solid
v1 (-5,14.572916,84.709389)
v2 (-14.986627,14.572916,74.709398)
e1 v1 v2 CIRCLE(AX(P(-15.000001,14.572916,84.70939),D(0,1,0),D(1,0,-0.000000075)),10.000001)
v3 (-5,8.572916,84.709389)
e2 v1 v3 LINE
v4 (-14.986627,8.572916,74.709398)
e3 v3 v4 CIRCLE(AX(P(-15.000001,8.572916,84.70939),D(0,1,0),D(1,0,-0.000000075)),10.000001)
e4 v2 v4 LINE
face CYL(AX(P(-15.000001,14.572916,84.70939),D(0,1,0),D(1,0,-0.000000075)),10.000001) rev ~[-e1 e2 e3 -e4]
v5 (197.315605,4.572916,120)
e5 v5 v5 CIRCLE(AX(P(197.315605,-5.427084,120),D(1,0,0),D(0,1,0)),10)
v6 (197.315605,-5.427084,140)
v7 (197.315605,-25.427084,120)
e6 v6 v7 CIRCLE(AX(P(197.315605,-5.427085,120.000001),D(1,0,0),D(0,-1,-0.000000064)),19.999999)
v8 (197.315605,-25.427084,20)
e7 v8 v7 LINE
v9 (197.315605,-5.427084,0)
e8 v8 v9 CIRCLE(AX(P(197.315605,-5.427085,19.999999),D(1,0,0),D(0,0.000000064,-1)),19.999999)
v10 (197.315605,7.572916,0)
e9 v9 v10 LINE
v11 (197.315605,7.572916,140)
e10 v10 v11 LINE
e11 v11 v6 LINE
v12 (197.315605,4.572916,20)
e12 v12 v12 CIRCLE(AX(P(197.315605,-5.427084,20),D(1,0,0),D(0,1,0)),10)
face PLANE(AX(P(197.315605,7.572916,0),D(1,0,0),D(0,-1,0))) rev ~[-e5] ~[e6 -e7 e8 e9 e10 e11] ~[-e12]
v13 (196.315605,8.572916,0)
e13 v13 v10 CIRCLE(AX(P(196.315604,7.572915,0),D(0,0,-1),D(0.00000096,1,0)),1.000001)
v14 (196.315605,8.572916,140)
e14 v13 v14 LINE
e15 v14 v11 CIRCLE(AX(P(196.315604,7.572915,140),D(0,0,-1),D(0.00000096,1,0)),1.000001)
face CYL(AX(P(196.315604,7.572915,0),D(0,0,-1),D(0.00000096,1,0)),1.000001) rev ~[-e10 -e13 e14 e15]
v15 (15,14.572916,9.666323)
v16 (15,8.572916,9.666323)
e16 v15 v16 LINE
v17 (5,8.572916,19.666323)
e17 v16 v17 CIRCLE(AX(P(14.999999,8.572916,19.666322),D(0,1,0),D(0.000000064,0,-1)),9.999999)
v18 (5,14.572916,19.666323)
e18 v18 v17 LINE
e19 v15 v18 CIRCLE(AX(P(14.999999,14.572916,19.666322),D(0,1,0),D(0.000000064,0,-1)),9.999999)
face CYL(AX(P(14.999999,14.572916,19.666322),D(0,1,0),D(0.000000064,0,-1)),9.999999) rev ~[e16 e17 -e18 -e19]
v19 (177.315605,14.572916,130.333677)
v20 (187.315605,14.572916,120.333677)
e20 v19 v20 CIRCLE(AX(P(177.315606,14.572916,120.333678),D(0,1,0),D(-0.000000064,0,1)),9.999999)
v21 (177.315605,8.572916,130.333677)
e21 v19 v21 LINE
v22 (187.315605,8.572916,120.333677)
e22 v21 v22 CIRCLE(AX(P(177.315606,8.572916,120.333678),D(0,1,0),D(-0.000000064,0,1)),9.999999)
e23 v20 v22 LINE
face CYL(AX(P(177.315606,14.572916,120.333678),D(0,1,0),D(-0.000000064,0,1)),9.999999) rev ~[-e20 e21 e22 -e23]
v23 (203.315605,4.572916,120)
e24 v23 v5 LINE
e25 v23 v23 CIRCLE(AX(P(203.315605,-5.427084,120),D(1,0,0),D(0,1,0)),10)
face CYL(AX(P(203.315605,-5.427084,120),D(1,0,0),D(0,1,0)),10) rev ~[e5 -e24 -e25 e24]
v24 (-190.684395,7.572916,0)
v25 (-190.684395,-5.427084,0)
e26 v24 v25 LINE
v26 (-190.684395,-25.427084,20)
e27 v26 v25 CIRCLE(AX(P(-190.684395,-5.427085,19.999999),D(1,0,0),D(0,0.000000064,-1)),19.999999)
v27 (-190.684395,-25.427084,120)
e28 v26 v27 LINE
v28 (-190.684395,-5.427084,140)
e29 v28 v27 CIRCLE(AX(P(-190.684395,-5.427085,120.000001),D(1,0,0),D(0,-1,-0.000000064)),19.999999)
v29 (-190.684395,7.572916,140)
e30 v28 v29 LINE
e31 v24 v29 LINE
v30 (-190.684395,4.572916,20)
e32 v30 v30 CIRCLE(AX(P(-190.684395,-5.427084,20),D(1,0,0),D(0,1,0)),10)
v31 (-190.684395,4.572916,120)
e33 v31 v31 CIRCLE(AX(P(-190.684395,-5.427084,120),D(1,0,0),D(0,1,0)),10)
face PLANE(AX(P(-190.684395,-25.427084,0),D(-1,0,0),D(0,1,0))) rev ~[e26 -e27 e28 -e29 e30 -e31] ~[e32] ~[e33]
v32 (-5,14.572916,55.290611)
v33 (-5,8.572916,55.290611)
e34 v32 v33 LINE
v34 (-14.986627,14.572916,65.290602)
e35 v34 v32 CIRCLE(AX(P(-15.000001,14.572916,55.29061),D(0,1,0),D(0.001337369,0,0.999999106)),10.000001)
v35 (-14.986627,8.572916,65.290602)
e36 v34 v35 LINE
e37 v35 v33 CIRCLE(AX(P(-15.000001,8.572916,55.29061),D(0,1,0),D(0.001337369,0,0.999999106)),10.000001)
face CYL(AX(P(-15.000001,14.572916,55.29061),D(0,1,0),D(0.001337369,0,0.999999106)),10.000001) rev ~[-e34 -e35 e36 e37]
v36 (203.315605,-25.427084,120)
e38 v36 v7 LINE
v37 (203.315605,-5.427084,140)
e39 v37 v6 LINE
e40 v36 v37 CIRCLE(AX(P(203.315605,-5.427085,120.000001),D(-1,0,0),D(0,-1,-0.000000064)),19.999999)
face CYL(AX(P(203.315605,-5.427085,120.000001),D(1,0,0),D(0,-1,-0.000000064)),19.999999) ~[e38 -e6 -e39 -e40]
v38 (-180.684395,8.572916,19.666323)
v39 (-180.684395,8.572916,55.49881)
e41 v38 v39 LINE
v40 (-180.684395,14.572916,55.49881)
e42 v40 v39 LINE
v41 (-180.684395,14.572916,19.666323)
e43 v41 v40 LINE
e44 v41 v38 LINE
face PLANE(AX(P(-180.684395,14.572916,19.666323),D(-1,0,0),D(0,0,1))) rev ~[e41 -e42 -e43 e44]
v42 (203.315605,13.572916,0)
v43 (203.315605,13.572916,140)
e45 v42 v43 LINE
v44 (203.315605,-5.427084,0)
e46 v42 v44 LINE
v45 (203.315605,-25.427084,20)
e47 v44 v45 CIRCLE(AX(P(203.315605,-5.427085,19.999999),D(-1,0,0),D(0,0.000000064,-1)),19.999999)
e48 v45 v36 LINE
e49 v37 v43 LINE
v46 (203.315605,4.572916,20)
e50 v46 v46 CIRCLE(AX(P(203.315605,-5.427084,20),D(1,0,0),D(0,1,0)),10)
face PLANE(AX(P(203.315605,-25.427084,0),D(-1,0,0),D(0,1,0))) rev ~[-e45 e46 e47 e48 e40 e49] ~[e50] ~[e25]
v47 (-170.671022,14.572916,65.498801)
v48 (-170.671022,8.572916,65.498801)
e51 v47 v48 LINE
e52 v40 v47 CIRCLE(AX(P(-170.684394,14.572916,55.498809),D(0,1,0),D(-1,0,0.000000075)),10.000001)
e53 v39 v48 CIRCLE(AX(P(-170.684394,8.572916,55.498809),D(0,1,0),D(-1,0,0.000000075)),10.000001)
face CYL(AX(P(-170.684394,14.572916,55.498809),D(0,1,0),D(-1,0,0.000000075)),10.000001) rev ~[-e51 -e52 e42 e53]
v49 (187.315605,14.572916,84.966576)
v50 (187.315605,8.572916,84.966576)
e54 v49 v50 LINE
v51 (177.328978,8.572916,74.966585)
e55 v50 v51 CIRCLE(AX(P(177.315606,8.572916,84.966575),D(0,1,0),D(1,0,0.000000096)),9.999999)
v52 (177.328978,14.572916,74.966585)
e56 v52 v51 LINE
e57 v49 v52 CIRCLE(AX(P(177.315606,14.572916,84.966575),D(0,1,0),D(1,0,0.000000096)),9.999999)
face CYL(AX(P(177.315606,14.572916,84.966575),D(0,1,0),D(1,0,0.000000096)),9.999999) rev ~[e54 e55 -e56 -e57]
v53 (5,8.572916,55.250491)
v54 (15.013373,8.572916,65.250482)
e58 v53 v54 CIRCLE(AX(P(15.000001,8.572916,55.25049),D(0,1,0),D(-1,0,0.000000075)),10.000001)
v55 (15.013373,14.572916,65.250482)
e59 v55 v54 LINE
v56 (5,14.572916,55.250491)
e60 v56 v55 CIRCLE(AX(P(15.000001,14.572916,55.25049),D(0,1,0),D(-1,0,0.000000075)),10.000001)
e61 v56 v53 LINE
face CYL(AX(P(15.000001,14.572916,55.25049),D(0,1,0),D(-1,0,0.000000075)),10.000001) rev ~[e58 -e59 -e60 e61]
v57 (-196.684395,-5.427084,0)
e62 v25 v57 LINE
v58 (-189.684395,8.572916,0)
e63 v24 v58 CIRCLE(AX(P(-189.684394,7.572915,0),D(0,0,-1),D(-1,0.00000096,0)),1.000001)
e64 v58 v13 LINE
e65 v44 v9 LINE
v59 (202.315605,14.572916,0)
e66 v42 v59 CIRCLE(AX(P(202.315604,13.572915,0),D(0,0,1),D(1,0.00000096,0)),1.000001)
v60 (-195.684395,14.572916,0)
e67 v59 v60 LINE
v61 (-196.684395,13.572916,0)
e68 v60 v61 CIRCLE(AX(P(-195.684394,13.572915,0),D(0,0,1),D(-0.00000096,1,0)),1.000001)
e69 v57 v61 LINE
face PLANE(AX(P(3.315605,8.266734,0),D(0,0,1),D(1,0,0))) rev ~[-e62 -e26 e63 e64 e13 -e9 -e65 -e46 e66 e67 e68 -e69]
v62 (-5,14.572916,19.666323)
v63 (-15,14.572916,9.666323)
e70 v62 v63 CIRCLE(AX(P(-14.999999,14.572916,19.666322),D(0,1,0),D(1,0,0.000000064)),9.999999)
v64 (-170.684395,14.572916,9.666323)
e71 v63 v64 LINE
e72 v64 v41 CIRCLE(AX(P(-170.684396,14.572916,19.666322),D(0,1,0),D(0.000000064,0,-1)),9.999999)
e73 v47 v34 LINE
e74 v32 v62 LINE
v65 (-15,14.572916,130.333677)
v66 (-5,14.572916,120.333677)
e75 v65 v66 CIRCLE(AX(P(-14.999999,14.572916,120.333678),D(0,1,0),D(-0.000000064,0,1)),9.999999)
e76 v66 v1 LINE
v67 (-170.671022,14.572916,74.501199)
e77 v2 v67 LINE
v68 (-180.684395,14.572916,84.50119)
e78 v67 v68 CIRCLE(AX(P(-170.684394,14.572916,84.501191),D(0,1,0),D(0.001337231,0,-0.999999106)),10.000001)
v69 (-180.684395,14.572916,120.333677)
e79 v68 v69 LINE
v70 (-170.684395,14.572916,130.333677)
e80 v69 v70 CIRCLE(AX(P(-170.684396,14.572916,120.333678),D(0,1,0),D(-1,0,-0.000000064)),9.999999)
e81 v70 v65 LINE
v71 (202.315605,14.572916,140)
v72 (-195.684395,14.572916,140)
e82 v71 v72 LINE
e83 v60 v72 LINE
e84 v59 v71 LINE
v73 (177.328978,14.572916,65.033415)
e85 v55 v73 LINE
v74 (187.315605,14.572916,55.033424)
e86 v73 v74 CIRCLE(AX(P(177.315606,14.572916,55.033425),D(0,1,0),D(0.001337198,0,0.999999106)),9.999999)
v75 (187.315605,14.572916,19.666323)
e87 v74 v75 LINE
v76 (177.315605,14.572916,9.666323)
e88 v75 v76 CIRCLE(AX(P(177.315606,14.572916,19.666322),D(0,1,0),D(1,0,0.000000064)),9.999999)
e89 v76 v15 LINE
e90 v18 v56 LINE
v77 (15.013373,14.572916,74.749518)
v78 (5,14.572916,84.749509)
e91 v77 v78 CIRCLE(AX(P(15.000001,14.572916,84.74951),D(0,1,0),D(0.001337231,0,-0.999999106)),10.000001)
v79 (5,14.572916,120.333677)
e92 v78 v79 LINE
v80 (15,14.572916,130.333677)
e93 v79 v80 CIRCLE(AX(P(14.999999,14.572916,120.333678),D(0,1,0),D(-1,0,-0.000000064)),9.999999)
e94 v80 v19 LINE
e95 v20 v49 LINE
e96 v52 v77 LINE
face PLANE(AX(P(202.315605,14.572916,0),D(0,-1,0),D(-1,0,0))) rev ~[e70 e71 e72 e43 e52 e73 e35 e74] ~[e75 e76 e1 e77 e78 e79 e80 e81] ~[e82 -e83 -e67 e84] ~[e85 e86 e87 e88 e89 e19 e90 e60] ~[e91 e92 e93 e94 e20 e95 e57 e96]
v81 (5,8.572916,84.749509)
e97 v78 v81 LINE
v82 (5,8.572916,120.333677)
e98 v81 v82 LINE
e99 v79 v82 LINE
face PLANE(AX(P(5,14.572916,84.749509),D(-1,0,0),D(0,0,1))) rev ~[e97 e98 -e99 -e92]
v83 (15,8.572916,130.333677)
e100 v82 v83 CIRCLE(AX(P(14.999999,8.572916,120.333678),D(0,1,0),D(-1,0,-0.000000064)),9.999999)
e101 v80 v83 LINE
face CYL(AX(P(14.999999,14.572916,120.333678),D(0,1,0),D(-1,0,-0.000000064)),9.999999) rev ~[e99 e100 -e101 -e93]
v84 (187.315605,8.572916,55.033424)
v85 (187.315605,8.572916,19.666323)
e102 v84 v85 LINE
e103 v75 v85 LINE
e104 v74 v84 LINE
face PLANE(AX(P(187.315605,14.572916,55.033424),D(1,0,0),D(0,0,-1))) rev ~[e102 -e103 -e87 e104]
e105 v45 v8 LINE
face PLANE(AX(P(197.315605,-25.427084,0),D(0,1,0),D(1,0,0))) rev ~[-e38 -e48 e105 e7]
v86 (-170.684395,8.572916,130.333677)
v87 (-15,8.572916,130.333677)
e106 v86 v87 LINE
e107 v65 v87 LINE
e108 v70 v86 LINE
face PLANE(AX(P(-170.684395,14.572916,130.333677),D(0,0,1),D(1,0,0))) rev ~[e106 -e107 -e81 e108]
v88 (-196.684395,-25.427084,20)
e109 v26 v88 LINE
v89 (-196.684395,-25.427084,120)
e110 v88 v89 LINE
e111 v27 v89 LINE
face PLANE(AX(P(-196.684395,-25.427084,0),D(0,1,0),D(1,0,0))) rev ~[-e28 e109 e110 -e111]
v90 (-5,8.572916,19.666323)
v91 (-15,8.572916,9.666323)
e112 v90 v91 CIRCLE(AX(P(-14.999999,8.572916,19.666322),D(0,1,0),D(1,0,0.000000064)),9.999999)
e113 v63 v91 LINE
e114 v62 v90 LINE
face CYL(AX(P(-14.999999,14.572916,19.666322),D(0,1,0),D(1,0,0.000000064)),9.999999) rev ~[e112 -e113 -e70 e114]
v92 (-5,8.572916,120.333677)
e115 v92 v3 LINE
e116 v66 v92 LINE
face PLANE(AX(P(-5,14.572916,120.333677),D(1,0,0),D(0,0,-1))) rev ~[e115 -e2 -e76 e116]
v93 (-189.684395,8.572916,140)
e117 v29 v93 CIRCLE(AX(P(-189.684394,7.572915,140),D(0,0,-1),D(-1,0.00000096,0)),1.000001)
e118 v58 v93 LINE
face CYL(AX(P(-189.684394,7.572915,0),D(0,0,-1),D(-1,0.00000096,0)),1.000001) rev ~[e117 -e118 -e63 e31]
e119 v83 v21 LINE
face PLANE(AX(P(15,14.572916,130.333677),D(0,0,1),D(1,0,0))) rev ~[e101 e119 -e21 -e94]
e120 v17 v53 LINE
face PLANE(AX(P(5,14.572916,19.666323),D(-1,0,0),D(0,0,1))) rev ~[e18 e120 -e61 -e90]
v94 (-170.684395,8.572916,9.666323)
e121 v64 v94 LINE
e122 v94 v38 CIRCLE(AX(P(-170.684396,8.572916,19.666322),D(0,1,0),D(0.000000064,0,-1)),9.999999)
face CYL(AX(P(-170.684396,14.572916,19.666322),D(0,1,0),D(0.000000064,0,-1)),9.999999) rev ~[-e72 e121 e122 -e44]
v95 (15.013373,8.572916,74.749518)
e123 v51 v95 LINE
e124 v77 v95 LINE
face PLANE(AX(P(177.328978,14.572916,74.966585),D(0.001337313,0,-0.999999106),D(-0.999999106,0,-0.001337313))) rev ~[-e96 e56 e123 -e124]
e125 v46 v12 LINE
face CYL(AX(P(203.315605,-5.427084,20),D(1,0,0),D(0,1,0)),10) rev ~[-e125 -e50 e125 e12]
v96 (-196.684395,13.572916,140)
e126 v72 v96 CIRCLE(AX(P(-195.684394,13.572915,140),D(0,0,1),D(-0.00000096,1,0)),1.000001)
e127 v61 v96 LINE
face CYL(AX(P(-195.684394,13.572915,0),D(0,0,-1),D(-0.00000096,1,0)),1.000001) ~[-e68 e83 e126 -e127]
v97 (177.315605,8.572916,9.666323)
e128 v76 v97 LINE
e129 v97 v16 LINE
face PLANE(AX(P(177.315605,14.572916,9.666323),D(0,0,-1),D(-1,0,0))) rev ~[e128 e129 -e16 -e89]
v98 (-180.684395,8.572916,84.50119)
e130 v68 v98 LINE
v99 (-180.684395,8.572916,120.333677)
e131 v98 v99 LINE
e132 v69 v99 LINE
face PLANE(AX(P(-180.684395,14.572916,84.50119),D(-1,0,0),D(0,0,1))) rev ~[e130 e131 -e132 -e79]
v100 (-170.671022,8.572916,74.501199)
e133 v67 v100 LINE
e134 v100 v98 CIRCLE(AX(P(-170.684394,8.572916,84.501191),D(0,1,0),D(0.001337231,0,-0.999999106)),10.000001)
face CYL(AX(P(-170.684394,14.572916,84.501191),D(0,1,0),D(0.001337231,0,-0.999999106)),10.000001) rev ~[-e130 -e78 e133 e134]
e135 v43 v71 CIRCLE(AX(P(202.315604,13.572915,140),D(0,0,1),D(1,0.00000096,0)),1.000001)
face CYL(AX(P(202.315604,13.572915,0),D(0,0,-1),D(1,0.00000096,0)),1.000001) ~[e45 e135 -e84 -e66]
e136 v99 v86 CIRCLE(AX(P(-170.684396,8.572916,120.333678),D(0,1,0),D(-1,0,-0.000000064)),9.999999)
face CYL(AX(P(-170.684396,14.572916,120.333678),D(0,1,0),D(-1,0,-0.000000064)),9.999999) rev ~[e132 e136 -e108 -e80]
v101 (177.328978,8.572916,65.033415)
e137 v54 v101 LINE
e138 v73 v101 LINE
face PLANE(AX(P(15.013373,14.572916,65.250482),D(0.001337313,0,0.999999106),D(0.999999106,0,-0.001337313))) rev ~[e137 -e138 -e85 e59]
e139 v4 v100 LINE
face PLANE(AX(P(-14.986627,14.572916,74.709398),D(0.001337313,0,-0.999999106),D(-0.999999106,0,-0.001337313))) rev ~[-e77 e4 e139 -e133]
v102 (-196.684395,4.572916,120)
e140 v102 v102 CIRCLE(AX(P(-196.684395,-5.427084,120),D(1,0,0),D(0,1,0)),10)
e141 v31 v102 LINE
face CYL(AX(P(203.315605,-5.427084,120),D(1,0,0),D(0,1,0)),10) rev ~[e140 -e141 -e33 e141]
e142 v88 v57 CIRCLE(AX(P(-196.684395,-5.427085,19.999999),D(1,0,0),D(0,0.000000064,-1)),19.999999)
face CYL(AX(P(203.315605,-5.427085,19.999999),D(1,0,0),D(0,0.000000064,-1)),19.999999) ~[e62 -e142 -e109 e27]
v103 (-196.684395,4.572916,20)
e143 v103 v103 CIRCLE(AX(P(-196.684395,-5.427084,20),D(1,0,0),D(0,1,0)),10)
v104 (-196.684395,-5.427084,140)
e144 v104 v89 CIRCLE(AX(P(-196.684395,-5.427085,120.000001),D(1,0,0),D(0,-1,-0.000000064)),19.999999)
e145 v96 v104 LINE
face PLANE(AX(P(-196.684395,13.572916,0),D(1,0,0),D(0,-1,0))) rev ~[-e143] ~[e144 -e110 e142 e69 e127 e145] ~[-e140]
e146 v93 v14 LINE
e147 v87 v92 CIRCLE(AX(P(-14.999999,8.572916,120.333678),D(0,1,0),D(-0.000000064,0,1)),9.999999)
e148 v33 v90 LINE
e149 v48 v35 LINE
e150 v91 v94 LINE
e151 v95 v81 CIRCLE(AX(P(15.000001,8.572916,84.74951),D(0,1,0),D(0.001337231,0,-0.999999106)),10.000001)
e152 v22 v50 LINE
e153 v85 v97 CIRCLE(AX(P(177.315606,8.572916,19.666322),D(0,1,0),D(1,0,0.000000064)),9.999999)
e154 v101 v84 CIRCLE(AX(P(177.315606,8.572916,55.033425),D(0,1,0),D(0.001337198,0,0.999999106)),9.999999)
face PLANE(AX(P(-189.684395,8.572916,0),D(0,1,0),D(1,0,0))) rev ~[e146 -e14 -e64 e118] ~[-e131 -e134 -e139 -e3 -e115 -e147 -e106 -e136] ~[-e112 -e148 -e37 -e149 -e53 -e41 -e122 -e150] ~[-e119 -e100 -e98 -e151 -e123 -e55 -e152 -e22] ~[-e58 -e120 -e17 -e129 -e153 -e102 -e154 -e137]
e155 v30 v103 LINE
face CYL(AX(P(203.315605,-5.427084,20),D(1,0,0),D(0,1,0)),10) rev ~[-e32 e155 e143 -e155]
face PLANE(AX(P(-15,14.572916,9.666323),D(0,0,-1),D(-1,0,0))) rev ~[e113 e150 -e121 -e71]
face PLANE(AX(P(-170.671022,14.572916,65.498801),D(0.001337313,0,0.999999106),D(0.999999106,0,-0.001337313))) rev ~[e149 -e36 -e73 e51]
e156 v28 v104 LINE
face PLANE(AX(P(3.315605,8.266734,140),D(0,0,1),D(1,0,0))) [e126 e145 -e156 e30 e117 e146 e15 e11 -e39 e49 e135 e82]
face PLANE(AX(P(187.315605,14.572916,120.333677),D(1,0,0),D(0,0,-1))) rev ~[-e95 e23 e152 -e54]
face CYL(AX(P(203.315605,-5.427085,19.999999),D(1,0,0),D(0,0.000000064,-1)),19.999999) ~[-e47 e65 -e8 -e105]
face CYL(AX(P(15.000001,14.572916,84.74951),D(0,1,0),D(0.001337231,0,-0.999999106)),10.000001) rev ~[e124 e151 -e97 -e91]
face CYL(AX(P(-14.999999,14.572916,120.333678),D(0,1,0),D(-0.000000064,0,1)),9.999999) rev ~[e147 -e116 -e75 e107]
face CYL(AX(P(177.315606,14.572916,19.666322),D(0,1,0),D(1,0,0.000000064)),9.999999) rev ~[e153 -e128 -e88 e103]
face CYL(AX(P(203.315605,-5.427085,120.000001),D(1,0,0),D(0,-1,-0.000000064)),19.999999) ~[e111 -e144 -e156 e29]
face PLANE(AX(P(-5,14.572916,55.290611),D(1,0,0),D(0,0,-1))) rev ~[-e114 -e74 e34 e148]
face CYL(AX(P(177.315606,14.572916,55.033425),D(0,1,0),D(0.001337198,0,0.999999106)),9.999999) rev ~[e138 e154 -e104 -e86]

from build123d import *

# Parameters (mm, degrees)
F1_DEPTH = 140
F2_R     = 10
F3_DEPTH = 400.001
F5_DEPTH = 40.001


with BuildPart() as f1:
    # F0 (on Top) → F1 (new body)
    with BuildSketch(Plane.XY):
        with BuildLine():
            Line((202.315605, 14.572916), (-195.684395, 14.572916))
            ThreePointArc((-195.684395, 14.572916), (-196.391502, 14.280022), (-196.684395, 13.572916))
            Line((-196.684395, 13.572916), (-196.684395, -25.427084))
            Line((-196.684395, -25.427084), (-190.684395, -25.427084))
            Line((-190.684395, -25.427084), (-190.684395, 7.572916))
            ThreePointArc((-190.684395, 7.572916), (-190.391502, 8.280022), (-189.684395, 8.572916))
            Line((-189.684395, 8.572916), (196.315605, 8.572916))
            ThreePointArc((196.315605, 8.572916), (197.022712, 8.280022), (197.315605, 7.572916))
            Line((197.315605, 7.572916), (197.315605, -25.427084))
            Line((197.315605, -25.427084), (203.315605, -25.427084))
            Line((203.315605, -25.427084), (203.315605, 13.572916))
            ThreePointArc((203.315605, 13.572916), (203.022712, 14.280022), (202.315605, 14.572916))
        make_face()
    extrude(amount=F1_DEPTH)

    # F2 (on face) → F3 (cut, through all)
    with BuildSketch(Plane.YZ.offset(203.315605)):
        with BuildLine():
            Line((3.824211, 140.531208), (-66.175789, 140.531208))
            Line((-66.175789, 140.531208), (-66.175789, -19.468792))
            Line((-66.175789, -19.468792), (3.824211, -19.468792))
            Line((3.824211, -19.468792), (3.824211, 0))
            Line((3.824211, 0), (-5.427084, 0))
            ThreePointArc((-5.427084, 0), (-19.56922, 5.857864), (-25.427084, 20))
            Line((-25.427084, 20), (-25.427084, 120))
            ThreePointArc((-25.427084, 120), (-19.56922, 134.142136), (-5.427084, 140))
            Line((-5.427084, 140), (3.824211, 140))
            Line((3.824211, 140), (3.824211, 140.531208))
        make_face()
        with Locations((-5.427084, 20)):
            Circle(F2_R)
        with Locations((-5.427084, 120)):
            Circle(F2_R)
    extrude(amount=-F3_DEPTH, mode=Mode.SUBTRACT)

    # F4 (on face) → F5 (cut, through all)
    with BuildSketch(Plane(origin=(0, 14.572916, 0), x_dir=(-1, 0, 0), z_dir=(0, 1, 0))):
        with BuildLine():
            ThreePointArc((-187.315605, 84.966576), (-184.3914, 77.900238), (-177.328978, 74.966585))
            Line((-177.328978, 74.966585), (-15.013373, 74.749518))
            ThreePointArc((-15.013373, 74.749518), (-7.933662, 77.673715), (-5, 84.749509))
            Line((-5, 84.749509), (-5, 120.333677))
            ThreePointArc((-5, 120.333677), (-7.928932, 127.404745), (-15, 130.333677))
            Line((-15, 130.333677), (-177.315605, 130.333677))
            ThreePointArc((-177.315605, 130.333677), (-184.386673, 127.404745), (-187.315605, 120.333677))
            Line((-187.315605, 120.333677), (-187.315605, 84.966576))
        make_face()
        with BuildLine():
            Line((180.684395, 84.50119), (180.684395, 120.333677))
            ThreePointArc((180.684395, 120.333677), (177.755463, 127.404745), (170.684395, 130.333677))
            Line((170.684395, 130.333677), (15, 130.333677))
            ThreePointArc((15, 130.333677), (7.928932, 127.404745), (5, 120.333677))
            Line((5, 120.333677), (5, 84.709389))
            ThreePointArc((5, 84.709389), (7.924206, 77.643051), (14.986627, 74.709398))
            Line((14.986627, 74.709398), (170.671022, 74.501199))
            ThreePointArc((170.671022, 74.501199), (177.750733, 77.425396), (180.684395, 84.50119))
        make_face()
        with BuildLine():
            ThreePointArc((-187.315605, 19.666323), (-184.386673, 12.595255), (-177.315605, 9.666323))
            Line((-177.315605, 9.666323), (-15, 9.666323))
            ThreePointArc((-15, 9.666323), (-7.928932, 12.595255), (-5, 19.666323))
            Line((-5, 19.666323), (-5, 55.250491))
            ThreePointArc((-5, 55.250491), (-7.933662, 62.326285), (-15.013373, 65.250482))
            Line((-15.013373, 65.250482), (-177.328978, 65.033415))
            ThreePointArc((-177.328978, 65.033415), (-184.3914, 62.099762), (-187.315605, 55.033424))
            Line((-187.315605, 55.033424), (-187.315605, 19.666323))
        make_face()
        with BuildLine():
            ThreePointArc((5, 19.666323), (7.928932, 12.595255), (15, 9.666323))
            Line((15, 9.666323), (170.684395, 9.666323))
            ThreePointArc((170.684395, 9.666323), (177.755463, 12.595255), (180.684395, 19.666323))
            Line((180.684395, 19.666323), (180.684395, 55.49881))
            ThreePointArc((180.684395, 55.49881), (177.750733, 62.574604), (170.671022, 65.498801))
            Line((170.671022, 65.498801), (14.986627, 65.290602))
            ThreePointArc((14.986627, 65.290602), (7.924206, 62.356949), (5, 55.290611))
            Line((5, 55.290611), (5, 19.666323))
        make_face()
    extrude(amount=-F5_DEPTH, mode=Mode.SUBTRACT)


solid = f1.part
